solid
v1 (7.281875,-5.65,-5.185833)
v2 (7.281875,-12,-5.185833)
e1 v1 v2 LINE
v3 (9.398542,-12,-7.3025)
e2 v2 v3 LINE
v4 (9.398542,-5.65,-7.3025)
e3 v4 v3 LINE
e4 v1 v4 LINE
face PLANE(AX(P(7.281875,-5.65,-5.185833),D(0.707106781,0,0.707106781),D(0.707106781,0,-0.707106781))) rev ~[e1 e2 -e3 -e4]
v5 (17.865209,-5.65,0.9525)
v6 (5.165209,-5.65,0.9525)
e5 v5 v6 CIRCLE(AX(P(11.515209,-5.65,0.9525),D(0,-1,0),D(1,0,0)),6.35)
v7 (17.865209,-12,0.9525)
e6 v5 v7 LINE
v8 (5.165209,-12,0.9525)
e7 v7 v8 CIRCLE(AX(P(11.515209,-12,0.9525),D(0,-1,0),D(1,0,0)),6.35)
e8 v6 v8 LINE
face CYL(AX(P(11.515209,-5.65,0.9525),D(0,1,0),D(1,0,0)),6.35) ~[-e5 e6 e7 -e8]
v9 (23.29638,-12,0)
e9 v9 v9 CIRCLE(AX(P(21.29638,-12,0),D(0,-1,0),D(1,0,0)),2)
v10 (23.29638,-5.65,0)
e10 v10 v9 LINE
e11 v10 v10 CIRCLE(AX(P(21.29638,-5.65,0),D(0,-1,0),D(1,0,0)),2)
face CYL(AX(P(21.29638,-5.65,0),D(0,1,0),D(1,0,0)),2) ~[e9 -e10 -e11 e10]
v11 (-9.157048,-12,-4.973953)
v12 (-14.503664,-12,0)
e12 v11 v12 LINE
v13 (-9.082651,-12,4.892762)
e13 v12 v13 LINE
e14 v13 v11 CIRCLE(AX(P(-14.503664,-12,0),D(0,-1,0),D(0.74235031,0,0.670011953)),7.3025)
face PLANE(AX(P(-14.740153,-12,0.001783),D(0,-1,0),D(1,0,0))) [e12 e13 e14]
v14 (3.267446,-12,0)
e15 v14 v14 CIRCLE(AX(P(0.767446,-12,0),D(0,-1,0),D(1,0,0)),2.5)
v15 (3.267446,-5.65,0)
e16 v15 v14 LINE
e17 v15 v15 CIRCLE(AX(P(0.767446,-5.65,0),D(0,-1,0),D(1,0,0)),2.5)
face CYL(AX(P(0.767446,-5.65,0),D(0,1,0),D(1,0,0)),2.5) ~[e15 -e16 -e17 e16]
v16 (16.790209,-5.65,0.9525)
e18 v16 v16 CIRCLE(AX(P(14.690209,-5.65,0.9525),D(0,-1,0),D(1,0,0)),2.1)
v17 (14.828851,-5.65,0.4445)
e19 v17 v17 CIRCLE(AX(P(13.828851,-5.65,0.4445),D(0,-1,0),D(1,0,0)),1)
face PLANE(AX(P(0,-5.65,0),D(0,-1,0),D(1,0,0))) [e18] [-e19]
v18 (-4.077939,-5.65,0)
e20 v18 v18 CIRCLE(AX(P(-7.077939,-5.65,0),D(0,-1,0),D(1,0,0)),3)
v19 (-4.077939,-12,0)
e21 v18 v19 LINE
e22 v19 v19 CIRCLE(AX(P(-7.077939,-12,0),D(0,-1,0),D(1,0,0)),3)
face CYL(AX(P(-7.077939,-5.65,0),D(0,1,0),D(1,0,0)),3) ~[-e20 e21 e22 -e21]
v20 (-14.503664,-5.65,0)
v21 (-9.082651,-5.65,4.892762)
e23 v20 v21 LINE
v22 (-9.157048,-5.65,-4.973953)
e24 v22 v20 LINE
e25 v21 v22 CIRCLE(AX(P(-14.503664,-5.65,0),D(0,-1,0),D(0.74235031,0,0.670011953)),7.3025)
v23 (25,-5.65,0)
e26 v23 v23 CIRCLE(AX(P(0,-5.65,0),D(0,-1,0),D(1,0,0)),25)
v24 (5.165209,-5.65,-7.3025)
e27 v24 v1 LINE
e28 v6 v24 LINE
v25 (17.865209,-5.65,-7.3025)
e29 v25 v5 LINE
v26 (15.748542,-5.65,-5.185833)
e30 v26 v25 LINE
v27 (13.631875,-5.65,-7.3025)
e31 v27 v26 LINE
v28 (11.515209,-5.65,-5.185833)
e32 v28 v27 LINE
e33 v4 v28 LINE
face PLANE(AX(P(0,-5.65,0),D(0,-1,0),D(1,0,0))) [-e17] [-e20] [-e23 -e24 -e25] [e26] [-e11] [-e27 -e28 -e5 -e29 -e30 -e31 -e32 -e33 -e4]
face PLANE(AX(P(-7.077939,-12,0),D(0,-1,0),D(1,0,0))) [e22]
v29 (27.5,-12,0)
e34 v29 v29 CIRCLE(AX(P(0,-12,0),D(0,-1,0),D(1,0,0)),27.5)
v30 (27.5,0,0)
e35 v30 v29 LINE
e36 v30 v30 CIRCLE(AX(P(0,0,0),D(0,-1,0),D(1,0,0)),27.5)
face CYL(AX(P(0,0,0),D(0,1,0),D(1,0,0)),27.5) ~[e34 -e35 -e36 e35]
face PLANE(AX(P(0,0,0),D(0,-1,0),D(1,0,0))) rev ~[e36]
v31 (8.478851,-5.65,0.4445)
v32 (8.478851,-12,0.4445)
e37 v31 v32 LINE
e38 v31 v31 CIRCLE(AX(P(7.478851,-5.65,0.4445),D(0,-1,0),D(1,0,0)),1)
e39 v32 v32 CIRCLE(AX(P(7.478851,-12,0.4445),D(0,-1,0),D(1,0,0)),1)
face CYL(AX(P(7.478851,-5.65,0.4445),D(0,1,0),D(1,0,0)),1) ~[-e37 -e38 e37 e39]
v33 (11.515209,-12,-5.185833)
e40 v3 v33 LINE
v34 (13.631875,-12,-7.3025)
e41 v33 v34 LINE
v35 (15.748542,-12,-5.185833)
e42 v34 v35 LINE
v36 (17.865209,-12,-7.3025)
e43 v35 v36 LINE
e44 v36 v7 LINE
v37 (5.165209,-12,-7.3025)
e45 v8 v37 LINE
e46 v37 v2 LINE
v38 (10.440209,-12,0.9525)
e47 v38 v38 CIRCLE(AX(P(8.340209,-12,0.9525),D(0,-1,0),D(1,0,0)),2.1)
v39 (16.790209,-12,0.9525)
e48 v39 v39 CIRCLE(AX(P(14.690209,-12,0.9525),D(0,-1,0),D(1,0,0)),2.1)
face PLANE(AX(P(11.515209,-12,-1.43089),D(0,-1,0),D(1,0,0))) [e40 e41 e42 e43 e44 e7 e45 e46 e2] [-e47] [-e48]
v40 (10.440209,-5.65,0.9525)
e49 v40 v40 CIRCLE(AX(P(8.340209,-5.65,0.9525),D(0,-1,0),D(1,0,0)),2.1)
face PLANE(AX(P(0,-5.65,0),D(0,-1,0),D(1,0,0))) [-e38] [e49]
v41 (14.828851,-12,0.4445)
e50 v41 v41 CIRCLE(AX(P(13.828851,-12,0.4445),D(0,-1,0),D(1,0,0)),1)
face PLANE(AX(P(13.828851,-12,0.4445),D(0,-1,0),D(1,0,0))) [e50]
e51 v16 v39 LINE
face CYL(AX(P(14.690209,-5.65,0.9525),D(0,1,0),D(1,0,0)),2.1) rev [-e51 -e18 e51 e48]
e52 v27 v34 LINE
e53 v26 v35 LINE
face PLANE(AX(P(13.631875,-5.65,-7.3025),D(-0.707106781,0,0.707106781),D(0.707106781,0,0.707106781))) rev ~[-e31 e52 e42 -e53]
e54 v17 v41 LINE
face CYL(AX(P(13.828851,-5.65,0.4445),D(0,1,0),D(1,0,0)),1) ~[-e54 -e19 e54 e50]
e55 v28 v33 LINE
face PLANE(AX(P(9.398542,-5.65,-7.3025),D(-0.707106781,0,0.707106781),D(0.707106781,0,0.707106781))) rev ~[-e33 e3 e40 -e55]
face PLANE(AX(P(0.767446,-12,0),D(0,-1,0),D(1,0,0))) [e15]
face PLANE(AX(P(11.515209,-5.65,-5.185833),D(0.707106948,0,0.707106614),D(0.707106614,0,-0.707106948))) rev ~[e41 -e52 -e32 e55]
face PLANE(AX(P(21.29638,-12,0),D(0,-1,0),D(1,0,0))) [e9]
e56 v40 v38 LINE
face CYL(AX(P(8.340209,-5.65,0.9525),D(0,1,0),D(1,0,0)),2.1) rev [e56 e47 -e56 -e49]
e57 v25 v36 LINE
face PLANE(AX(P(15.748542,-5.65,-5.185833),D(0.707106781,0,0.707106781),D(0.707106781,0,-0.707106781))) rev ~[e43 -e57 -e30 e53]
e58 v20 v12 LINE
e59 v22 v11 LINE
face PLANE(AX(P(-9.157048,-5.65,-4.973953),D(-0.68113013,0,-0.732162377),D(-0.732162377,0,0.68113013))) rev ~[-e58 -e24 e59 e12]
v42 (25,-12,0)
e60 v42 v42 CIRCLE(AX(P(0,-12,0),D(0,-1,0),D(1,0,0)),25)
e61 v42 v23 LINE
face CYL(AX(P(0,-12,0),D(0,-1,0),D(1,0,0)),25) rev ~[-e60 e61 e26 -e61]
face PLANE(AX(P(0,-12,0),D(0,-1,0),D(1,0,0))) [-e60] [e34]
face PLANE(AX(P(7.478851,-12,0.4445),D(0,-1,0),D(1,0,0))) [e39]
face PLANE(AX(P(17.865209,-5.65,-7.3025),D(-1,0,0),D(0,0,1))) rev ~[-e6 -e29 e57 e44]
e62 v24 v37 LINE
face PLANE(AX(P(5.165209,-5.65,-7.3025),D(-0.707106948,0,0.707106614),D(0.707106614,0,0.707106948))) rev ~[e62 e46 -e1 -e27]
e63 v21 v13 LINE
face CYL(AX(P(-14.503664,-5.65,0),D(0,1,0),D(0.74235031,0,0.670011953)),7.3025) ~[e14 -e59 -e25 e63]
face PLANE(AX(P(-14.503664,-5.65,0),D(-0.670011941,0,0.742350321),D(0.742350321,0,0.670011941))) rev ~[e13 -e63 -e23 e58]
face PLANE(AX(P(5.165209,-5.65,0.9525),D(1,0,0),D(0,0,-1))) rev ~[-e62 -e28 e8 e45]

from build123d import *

# Parameters (mm, degrees)
F0_R     = 27.5
F1_DEPTH = 12
F2_R     = 25
F3_DEPTH = 6.35
F4_R     = 3
F4_R_2   = 2.1
F4_R_3   = 2.5
F4_R_4   = 2
F4_R_5   = 1
F5_DEPTH = 6.35


with BuildPart() as f1:
    # F0 (on Front) → F1 (new body)
    with BuildSketch(Plane.XZ):
        Circle(F0_R)
    extrude(amount=F1_DEPTH)

    # F2 (on face) → F3 (cut)
    with BuildSketch(Plane.XZ.offset(12)):
        Circle(F2_R)
    extrude(amount=-F3_DEPTH, mode=Mode.SUBTRACT)

    # F4 (on face) → F5 (join)
    with BuildSketch(Plane.XZ.offset(5.65)):
        with BuildLine():
            Line((-14.503664, 0), (-9.082651, 4.892762))
            ThreePointArc((-9.082651, 4.892762), (-21.805957, 0.055061), (-9.157048, -4.973953))
            Line((-9.157048, -4.973953), (-14.503664, 0))
        make_face()
        with Locations((-7.077939, 0)):
            Circle(F4_R)
        with BuildLine():
            ThreePointArc((17.865209, 0.9525), (11.515209, 7.3025), (5.165209, 0.9525))
            Line((5.165209, 0.9525), (5.165209, -7.3025))
            Line((5.165209, -7.3025), (7.281875, -5.185833))
            Line((7.281875, -5.185833), (9.398542, -7.3025))
            Line((9.398542, -7.3025), (11.515209, -5.185833))
            Line((11.515209, -5.185833), (13.631875, -7.3025))
            Line((13.631875, -7.3025), (15.748542, -5.185833))
            Line((15.748542, -5.185833), (17.865209, -7.3025))
            Line((17.865209, -7.3025), (17.865209, 0.9525))
        make_face()
        with Locations((8.340209, 0.9525)):
            Circle(F4_R_2, mode=Mode.SUBTRACT)
        with Locations((14.690209, 0.9525)):
            Circle(F4_R_2, mode=Mode.SUBTRACT)
        with Locations((0.767446, 0)):
            Circle(F4_R_3)
        with Locations((21.29638, 0)):
            Circle(F4_R_4)
        with Locations((7.478851, 0.4445)):
            Circle(F4_R_5)
        with Locations((13.828851, 0.4445)):
            Circle(F4_R_5)
    extrude(amount=F5_DEPTH)


solid = f1.part
